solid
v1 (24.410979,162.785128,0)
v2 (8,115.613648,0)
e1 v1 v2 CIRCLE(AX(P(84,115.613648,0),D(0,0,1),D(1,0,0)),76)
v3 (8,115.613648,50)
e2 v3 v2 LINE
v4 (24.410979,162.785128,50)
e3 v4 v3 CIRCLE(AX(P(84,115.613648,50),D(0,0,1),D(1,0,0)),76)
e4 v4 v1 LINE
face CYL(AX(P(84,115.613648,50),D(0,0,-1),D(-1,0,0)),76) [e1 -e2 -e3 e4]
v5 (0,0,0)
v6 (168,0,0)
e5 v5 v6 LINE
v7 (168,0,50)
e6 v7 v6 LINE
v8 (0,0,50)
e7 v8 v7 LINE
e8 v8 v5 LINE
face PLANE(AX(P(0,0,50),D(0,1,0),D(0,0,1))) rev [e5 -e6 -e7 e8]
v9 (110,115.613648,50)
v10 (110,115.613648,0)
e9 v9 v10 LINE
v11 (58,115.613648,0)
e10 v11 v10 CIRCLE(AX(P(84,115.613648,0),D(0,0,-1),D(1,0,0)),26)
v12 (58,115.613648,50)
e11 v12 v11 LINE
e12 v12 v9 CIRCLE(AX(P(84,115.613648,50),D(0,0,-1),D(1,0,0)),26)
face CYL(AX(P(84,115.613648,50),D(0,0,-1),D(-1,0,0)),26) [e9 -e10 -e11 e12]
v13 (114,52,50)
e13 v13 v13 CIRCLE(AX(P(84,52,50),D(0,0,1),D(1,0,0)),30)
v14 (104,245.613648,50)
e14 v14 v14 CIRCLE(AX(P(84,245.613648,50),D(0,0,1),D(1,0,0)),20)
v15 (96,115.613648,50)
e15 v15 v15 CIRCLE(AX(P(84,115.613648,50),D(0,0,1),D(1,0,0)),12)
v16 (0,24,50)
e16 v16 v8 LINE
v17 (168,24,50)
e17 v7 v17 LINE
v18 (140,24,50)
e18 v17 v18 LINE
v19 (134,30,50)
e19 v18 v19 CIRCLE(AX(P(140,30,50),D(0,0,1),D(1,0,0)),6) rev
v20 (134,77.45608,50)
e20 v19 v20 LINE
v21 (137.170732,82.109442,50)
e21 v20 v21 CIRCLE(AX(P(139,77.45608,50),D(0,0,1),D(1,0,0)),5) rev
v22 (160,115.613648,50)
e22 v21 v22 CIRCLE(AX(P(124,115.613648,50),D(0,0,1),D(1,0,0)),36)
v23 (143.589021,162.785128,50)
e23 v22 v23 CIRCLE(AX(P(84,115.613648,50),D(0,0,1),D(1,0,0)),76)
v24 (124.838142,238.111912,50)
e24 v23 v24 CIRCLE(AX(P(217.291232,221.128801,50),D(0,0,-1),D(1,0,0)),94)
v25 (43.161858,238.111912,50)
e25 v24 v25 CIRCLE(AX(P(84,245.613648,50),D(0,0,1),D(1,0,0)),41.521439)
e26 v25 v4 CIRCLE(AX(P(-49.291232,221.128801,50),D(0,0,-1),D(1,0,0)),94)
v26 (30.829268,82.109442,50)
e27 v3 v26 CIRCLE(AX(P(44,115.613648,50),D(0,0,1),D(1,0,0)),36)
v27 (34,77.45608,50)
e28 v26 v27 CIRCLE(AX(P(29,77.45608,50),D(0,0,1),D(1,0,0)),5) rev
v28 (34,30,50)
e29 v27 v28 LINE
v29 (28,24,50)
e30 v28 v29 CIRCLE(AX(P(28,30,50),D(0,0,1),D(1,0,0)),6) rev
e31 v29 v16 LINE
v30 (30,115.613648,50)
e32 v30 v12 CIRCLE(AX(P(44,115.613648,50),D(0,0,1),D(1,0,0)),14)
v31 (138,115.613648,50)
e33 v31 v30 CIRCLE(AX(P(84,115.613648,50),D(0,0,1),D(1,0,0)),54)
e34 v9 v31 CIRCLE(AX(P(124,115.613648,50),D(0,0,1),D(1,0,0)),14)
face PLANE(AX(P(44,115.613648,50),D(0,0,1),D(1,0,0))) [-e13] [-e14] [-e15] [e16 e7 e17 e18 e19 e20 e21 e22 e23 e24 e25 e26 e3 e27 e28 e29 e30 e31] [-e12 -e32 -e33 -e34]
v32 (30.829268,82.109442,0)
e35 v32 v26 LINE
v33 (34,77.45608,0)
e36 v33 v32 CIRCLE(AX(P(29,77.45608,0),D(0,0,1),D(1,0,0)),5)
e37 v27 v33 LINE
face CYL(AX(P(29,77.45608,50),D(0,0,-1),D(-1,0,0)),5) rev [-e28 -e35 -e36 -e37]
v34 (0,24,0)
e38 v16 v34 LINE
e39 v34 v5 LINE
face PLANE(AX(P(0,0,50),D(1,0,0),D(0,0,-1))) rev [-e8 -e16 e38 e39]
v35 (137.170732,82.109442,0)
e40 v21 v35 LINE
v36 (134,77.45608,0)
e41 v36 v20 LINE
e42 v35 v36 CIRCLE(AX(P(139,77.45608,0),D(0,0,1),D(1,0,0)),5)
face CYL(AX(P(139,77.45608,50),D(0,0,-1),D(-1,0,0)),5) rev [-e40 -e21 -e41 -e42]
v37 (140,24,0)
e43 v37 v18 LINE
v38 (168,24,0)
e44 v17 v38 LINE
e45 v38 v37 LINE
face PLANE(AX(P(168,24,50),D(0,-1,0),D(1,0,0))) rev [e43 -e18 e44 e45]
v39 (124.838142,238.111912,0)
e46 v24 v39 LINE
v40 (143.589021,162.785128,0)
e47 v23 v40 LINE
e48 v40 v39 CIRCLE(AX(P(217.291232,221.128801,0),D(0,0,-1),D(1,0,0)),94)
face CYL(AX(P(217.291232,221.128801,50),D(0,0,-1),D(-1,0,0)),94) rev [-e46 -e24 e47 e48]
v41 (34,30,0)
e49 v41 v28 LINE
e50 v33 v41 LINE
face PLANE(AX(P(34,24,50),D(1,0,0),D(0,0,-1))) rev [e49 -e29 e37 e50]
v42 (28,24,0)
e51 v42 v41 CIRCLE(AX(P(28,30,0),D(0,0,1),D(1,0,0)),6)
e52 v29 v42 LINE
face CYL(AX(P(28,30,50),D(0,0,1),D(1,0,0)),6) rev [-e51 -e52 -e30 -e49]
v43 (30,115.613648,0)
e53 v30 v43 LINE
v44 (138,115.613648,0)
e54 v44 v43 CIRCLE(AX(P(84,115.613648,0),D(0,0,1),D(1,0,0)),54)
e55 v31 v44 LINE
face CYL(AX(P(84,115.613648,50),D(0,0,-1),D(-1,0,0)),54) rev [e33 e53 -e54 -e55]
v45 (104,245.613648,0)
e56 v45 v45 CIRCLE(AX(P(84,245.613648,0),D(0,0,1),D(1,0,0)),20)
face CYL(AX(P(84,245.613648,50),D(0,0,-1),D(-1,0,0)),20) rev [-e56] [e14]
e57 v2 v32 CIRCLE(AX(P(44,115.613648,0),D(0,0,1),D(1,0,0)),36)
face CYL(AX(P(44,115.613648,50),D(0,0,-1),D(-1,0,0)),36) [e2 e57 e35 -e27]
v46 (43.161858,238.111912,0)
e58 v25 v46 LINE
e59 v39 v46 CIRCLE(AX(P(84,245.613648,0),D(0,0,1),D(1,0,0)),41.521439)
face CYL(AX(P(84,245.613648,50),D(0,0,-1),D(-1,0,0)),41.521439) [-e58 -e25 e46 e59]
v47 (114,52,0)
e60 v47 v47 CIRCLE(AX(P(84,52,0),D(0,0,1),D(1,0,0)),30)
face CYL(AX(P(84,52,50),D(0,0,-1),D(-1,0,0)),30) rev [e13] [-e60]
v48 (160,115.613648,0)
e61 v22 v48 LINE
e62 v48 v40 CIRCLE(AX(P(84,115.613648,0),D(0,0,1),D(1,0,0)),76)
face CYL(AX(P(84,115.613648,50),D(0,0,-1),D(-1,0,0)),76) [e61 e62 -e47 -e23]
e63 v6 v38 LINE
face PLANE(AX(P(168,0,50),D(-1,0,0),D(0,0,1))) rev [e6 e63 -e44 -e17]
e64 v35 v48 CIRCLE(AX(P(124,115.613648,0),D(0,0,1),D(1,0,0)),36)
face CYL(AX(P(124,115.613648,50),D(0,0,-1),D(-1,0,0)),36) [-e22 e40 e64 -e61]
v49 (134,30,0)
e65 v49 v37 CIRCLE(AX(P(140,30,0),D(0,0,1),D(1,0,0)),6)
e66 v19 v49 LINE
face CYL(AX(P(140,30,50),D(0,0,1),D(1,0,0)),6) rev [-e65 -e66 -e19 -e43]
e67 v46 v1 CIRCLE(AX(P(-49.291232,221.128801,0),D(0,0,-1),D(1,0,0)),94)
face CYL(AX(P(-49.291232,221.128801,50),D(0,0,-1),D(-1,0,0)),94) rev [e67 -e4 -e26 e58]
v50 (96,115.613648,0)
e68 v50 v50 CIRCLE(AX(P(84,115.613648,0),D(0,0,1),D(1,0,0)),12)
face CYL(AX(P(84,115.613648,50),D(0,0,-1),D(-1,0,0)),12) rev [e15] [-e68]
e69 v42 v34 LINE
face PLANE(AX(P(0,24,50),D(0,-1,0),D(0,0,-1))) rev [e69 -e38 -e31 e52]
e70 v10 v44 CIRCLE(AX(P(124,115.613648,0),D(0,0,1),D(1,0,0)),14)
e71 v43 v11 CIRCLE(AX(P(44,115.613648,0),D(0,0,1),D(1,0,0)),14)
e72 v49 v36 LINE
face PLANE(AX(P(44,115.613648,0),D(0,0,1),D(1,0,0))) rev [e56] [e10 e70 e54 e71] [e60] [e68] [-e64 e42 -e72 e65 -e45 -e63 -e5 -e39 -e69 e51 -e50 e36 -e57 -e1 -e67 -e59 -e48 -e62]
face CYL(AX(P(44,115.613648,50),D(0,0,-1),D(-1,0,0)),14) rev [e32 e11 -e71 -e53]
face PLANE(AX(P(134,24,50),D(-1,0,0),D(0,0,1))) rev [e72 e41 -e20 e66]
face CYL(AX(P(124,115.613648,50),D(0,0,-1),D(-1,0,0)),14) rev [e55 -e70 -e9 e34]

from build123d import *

# Parameters (mm, degrees)
SKETCH1_R           = 30
SKETCH1_R_2         = 12
SKETCH1_R_3         = 20
BOSS_EXTRUDE1_DEPTH = 50
FILLET1_R           = 6
FILLET2_R           = 5


with BuildPart() as part:
    # Sketch1 → Boss-Extrude1 (new body)
    with BuildSketch(Plane.XY):
        with BuildLine():
            Line((0, 0), (168, 0))
            Line((168, 0), (168, 24))
            Line((168, 24), (134, 24))
            Line((134, 24), (134, 81.030415331))
            ThreePointArc((134, 81.030415331), (152.77498914, 93.98034061), (160, 115.613648263))
            ThreePointArc((160, 115.613648263), (155.780100416, 140.585976635), (143.589021465, 162.785128215))
            ThreePointArc((143.589021465, 162.785128215), (126.074856949, 198.422570769), (124.838141772, 238.111911984))
            ThreePointArc((124.838141772, 238.111911984), (84, 287.13508695), (43.161858228, 238.111911984))
            ThreePointArc((43.161858228, 238.111911984), (41.925143051, 198.422570769), (24.410978535, 162.785128215))
            ThreePointArc((24.410978535, 162.785128215), (12.219899584, 140.585976635), (8, 115.613648263))
            ThreePointArc((8, 115.613648263), (15.22501086, 93.98034061), (34, 81.030415331))
            Line((34, 81.030415331), (34, 24))
            Line((34, 24), (0, 24))
            Line((0, 24), (0, 0))
        make_face()
        with Locations((84, 52)):
            Circle(SKETCH1_R, mode=Mode.SUBTRACT)
        with Locations((84, 115.613648263)):
            Circle(SKETCH1_R_2, mode=Mode.SUBTRACT)
        with Locations((84, 245.613648263)):
            Circle(SKETCH1_R_3, mode=Mode.SUBTRACT)
        with BuildLine():
            ThreePointArc((110, 115.613648263), (84, 141.613648263), (58, 115.613648263))
            ThreePointArc((58, 115.613648263), (44, 101.613648263), (30, 115.613648263))
            ThreePointArc((30, 115.613648263), (84, 169.613648263), (138, 115.613648263))
            ThreePointArc((138, 115.613648263), (124, 101.613648263), (110, 115.613648263))
        make_face(mode=Mode.SUBTRACT)
    extrude(amount=BOSS_EXTRUDE1_DEPTH)

    # Fillet1
    fillet1_edges = [part.edges().sort_by_distance(p)[0] for p in [
        (34, 24, 25),
        (134, 24, 25),
    ]]
    fillet(fillet1_edges, radius=FILLET1_R)

    # Fillet2
    fillet2_edges = [part.edges().sort_by_distance(p)[0] for p in [
        (34, 81.030415331, 25),
        (134, 81.030415331, 25),
    ]]
    fillet(fillet2_edges, radius=FILLET2_R)


solid = part.part
